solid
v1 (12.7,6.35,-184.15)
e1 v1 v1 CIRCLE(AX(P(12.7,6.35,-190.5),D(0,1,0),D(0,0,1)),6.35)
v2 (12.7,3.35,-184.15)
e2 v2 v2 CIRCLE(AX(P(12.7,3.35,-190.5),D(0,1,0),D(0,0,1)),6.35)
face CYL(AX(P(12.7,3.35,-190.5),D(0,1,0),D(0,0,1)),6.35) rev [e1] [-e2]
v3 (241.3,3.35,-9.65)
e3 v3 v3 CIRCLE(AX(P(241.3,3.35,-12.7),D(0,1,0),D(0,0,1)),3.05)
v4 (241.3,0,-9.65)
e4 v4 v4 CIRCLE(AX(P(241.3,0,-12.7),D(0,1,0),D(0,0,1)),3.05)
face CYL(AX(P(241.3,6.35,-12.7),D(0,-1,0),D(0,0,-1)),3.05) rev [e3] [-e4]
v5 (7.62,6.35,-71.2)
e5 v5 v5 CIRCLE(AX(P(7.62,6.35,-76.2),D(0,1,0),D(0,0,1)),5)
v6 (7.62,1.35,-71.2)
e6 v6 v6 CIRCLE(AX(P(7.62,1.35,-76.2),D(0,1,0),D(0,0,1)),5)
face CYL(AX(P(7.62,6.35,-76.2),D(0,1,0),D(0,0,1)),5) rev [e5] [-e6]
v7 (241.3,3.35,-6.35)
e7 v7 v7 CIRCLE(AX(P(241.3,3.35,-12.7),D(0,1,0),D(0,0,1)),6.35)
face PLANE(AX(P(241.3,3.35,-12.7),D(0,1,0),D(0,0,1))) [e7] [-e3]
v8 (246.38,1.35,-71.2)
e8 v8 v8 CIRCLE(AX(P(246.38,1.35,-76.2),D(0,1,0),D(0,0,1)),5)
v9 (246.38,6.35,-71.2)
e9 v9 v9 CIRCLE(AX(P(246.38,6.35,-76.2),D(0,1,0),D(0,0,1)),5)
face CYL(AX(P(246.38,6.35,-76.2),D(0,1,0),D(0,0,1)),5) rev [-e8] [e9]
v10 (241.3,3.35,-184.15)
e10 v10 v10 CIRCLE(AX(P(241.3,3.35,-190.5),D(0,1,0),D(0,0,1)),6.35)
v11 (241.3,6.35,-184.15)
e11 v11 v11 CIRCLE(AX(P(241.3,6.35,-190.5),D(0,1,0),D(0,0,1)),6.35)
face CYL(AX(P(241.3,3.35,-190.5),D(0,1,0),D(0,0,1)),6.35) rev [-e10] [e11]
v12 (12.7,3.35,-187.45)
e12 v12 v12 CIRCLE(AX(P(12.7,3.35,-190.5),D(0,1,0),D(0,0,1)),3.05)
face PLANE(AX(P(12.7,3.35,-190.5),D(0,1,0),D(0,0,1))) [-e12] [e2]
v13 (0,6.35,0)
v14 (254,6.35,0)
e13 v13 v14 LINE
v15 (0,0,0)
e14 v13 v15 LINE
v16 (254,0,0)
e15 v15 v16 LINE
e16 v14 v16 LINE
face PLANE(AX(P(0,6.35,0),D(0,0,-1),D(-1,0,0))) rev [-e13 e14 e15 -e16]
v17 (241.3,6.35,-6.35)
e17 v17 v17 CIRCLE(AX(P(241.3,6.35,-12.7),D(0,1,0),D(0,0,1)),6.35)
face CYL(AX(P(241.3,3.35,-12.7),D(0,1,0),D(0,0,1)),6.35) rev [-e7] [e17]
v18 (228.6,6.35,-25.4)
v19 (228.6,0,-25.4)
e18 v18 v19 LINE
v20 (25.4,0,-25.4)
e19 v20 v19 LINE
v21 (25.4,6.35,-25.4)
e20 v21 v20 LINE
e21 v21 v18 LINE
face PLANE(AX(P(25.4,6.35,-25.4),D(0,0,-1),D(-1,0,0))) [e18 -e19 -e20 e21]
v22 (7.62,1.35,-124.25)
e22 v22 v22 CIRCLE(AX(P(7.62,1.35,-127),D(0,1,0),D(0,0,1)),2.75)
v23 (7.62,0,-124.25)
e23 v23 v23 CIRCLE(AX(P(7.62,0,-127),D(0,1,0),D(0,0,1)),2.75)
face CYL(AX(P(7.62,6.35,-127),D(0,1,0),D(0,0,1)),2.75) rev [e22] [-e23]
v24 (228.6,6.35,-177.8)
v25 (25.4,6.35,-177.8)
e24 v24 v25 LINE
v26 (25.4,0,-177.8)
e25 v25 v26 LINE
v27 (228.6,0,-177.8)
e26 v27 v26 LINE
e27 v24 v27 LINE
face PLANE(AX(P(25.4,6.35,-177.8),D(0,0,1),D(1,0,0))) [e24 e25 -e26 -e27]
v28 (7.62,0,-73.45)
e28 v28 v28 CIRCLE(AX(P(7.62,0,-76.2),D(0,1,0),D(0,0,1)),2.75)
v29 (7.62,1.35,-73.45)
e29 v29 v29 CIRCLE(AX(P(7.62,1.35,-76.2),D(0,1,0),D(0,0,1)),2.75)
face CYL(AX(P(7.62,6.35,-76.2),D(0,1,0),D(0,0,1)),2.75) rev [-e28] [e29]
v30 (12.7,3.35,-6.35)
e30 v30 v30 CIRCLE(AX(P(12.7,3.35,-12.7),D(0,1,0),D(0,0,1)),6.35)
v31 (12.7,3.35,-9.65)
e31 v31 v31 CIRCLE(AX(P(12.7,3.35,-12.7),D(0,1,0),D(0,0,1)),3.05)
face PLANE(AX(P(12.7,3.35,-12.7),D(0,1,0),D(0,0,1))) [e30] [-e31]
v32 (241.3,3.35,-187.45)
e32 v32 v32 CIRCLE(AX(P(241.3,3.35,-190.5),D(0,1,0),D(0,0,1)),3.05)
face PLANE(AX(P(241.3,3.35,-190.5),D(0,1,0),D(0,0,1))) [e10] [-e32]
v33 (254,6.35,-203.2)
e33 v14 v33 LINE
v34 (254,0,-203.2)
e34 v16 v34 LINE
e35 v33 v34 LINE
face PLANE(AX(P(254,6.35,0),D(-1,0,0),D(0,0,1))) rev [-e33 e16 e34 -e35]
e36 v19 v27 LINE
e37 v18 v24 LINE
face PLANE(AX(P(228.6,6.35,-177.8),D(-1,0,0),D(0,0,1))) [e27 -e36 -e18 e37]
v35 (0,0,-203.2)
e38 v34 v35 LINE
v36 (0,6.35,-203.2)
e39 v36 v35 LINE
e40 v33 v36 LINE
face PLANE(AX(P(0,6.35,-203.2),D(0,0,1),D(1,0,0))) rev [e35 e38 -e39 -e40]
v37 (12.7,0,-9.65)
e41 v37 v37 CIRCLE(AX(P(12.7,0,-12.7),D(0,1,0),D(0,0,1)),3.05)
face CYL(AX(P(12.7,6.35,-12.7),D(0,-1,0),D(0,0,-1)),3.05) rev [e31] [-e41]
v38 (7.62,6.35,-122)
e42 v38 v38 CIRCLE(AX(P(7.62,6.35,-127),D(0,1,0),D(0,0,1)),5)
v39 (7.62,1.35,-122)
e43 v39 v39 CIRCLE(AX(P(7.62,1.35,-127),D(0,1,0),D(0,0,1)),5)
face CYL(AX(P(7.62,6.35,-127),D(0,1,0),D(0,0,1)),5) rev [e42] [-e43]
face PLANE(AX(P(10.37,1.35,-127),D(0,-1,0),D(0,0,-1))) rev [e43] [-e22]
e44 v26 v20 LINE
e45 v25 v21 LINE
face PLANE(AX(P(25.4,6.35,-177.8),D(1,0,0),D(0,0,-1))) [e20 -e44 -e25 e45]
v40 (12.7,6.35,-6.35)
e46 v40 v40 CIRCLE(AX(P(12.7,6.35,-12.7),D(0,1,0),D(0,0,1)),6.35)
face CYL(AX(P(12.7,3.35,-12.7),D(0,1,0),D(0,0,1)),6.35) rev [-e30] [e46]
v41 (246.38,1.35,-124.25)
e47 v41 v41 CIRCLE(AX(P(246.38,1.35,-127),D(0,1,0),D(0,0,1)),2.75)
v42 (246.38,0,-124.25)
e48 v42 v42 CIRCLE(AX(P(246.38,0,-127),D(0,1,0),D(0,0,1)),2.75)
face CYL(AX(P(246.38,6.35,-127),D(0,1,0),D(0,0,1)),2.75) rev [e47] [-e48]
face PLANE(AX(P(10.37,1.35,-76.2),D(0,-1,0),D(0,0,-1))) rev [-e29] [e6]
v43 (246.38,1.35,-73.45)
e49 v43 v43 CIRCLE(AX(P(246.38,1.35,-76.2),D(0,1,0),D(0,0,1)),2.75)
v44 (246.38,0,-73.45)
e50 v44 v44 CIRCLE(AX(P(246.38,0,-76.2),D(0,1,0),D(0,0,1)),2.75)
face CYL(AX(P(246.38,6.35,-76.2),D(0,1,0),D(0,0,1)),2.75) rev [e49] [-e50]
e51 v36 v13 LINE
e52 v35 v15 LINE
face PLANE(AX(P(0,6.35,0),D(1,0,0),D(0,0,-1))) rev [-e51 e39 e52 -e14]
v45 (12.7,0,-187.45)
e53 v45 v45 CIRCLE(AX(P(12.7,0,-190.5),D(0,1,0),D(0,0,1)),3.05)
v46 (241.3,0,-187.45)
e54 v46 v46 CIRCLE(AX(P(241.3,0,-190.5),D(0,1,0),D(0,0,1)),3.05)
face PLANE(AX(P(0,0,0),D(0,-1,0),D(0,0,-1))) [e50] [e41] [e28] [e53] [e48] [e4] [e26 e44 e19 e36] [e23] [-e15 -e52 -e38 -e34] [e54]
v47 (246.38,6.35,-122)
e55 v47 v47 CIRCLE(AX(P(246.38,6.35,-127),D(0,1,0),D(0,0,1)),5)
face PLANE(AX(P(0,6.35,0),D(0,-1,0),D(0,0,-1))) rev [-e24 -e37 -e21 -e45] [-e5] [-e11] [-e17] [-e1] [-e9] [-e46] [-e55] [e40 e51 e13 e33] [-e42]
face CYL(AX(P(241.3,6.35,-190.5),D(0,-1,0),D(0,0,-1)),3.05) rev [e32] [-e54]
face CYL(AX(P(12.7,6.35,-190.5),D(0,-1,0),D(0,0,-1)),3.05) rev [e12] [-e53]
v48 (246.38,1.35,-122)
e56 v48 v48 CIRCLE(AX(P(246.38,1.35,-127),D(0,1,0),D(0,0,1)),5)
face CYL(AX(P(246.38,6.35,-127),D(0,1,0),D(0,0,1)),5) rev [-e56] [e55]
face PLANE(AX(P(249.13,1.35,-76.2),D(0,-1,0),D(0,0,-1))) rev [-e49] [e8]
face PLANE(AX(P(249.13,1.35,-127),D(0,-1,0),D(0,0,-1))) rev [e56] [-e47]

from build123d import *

# Parameters (mm, degrees)
SKETCH1_W                      = 254
SKETCH1_H                      = 203.2
SKETCH1_R                      = 3.05
SKETCH1_W_2                    = 203.2
SKETCH1_H_2                    = 152.4
BOSS_EXTRUDE1_DEPTH            = 6.35
SKETCH2_R                      = 6.35
CUT_EXTRUDE1_DEPTH             = 3
CBORE_FOR_M5_SHCS1_D           = 5.5
CBORE_FOR_M5_SHCS1_CBORE_D     = 10
CBORE_FOR_M5_SHCS1_CBORE_DEPTH = 5


with BuildPart() as part:
    # Sketch1 → Boss-Extrude1 (new body)
    with BuildSketch(Plane(origin=(0, 0, 0), x_dir=(1, 0, 0), z_dir=(0, 1, 0))):
        with Locations((127, 101.6)):
            Rectangle(SKETCH1_W, SKETCH1_H)
        with Locations((12.7, 190.5)):
            Circle(SKETCH1_R, mode=Mode.SUBTRACT)
        with Locations((241.3, 190.5)):
            Circle(SKETCH1_R, mode=Mode.SUBTRACT)
        with Locations((241.3, 12.7)):
            Circle(SKETCH1_R, mode=Mode.SUBTRACT)
        with Locations((12.7, 12.7)):
            Circle(SKETCH1_R, mode=Mode.SUBTRACT)
        with Locations((127, 101.6)):
            Rectangle(SKETCH1_W_2, SKETCH1_H_2, mode=Mode.SUBTRACT)
    extrude(amount=BOSS_EXTRUDE1_DEPTH)

    # Sketch2 → Cut-Extrude1 (cut)
    with BuildSketch(Plane(origin=(0, 6.35, 0), x_dir=(1, 0, 0), z_dir=(0, 1, 0))):
        with Locations((12.7, 190.5)):
            Circle(SKETCH2_R)
        with Locations((241.3, 190.5)):
            Circle(SKETCH2_R)
        with Locations((241.3, 12.7)):
            Circle(SKETCH2_R)
        with Locations((12.7, 12.7)):
            Circle(SKETCH2_R)
    extrude(amount=-CUT_EXTRUDE1_DEPTH, mode=Mode.SUBTRACT)

    # CBORE for M5 SHCS1 (through all)
    with Locations(Plane(origin=(0, 6.35, 0), x_dir=(1, 0, 0), z_dir=(0, 1, 0))):
        with Locations((246.38, 76.2), (246.38, 127), (7.62, 76.2), (7.62, 127)):
            CounterBoreHole(CBORE_FOR_M5_SHCS1_D / 2, CBORE_FOR_M5_SHCS1_CBORE_D / 2, CBORE_FOR_M5_SHCS1_CBORE_DEPTH)


solid = part.part
